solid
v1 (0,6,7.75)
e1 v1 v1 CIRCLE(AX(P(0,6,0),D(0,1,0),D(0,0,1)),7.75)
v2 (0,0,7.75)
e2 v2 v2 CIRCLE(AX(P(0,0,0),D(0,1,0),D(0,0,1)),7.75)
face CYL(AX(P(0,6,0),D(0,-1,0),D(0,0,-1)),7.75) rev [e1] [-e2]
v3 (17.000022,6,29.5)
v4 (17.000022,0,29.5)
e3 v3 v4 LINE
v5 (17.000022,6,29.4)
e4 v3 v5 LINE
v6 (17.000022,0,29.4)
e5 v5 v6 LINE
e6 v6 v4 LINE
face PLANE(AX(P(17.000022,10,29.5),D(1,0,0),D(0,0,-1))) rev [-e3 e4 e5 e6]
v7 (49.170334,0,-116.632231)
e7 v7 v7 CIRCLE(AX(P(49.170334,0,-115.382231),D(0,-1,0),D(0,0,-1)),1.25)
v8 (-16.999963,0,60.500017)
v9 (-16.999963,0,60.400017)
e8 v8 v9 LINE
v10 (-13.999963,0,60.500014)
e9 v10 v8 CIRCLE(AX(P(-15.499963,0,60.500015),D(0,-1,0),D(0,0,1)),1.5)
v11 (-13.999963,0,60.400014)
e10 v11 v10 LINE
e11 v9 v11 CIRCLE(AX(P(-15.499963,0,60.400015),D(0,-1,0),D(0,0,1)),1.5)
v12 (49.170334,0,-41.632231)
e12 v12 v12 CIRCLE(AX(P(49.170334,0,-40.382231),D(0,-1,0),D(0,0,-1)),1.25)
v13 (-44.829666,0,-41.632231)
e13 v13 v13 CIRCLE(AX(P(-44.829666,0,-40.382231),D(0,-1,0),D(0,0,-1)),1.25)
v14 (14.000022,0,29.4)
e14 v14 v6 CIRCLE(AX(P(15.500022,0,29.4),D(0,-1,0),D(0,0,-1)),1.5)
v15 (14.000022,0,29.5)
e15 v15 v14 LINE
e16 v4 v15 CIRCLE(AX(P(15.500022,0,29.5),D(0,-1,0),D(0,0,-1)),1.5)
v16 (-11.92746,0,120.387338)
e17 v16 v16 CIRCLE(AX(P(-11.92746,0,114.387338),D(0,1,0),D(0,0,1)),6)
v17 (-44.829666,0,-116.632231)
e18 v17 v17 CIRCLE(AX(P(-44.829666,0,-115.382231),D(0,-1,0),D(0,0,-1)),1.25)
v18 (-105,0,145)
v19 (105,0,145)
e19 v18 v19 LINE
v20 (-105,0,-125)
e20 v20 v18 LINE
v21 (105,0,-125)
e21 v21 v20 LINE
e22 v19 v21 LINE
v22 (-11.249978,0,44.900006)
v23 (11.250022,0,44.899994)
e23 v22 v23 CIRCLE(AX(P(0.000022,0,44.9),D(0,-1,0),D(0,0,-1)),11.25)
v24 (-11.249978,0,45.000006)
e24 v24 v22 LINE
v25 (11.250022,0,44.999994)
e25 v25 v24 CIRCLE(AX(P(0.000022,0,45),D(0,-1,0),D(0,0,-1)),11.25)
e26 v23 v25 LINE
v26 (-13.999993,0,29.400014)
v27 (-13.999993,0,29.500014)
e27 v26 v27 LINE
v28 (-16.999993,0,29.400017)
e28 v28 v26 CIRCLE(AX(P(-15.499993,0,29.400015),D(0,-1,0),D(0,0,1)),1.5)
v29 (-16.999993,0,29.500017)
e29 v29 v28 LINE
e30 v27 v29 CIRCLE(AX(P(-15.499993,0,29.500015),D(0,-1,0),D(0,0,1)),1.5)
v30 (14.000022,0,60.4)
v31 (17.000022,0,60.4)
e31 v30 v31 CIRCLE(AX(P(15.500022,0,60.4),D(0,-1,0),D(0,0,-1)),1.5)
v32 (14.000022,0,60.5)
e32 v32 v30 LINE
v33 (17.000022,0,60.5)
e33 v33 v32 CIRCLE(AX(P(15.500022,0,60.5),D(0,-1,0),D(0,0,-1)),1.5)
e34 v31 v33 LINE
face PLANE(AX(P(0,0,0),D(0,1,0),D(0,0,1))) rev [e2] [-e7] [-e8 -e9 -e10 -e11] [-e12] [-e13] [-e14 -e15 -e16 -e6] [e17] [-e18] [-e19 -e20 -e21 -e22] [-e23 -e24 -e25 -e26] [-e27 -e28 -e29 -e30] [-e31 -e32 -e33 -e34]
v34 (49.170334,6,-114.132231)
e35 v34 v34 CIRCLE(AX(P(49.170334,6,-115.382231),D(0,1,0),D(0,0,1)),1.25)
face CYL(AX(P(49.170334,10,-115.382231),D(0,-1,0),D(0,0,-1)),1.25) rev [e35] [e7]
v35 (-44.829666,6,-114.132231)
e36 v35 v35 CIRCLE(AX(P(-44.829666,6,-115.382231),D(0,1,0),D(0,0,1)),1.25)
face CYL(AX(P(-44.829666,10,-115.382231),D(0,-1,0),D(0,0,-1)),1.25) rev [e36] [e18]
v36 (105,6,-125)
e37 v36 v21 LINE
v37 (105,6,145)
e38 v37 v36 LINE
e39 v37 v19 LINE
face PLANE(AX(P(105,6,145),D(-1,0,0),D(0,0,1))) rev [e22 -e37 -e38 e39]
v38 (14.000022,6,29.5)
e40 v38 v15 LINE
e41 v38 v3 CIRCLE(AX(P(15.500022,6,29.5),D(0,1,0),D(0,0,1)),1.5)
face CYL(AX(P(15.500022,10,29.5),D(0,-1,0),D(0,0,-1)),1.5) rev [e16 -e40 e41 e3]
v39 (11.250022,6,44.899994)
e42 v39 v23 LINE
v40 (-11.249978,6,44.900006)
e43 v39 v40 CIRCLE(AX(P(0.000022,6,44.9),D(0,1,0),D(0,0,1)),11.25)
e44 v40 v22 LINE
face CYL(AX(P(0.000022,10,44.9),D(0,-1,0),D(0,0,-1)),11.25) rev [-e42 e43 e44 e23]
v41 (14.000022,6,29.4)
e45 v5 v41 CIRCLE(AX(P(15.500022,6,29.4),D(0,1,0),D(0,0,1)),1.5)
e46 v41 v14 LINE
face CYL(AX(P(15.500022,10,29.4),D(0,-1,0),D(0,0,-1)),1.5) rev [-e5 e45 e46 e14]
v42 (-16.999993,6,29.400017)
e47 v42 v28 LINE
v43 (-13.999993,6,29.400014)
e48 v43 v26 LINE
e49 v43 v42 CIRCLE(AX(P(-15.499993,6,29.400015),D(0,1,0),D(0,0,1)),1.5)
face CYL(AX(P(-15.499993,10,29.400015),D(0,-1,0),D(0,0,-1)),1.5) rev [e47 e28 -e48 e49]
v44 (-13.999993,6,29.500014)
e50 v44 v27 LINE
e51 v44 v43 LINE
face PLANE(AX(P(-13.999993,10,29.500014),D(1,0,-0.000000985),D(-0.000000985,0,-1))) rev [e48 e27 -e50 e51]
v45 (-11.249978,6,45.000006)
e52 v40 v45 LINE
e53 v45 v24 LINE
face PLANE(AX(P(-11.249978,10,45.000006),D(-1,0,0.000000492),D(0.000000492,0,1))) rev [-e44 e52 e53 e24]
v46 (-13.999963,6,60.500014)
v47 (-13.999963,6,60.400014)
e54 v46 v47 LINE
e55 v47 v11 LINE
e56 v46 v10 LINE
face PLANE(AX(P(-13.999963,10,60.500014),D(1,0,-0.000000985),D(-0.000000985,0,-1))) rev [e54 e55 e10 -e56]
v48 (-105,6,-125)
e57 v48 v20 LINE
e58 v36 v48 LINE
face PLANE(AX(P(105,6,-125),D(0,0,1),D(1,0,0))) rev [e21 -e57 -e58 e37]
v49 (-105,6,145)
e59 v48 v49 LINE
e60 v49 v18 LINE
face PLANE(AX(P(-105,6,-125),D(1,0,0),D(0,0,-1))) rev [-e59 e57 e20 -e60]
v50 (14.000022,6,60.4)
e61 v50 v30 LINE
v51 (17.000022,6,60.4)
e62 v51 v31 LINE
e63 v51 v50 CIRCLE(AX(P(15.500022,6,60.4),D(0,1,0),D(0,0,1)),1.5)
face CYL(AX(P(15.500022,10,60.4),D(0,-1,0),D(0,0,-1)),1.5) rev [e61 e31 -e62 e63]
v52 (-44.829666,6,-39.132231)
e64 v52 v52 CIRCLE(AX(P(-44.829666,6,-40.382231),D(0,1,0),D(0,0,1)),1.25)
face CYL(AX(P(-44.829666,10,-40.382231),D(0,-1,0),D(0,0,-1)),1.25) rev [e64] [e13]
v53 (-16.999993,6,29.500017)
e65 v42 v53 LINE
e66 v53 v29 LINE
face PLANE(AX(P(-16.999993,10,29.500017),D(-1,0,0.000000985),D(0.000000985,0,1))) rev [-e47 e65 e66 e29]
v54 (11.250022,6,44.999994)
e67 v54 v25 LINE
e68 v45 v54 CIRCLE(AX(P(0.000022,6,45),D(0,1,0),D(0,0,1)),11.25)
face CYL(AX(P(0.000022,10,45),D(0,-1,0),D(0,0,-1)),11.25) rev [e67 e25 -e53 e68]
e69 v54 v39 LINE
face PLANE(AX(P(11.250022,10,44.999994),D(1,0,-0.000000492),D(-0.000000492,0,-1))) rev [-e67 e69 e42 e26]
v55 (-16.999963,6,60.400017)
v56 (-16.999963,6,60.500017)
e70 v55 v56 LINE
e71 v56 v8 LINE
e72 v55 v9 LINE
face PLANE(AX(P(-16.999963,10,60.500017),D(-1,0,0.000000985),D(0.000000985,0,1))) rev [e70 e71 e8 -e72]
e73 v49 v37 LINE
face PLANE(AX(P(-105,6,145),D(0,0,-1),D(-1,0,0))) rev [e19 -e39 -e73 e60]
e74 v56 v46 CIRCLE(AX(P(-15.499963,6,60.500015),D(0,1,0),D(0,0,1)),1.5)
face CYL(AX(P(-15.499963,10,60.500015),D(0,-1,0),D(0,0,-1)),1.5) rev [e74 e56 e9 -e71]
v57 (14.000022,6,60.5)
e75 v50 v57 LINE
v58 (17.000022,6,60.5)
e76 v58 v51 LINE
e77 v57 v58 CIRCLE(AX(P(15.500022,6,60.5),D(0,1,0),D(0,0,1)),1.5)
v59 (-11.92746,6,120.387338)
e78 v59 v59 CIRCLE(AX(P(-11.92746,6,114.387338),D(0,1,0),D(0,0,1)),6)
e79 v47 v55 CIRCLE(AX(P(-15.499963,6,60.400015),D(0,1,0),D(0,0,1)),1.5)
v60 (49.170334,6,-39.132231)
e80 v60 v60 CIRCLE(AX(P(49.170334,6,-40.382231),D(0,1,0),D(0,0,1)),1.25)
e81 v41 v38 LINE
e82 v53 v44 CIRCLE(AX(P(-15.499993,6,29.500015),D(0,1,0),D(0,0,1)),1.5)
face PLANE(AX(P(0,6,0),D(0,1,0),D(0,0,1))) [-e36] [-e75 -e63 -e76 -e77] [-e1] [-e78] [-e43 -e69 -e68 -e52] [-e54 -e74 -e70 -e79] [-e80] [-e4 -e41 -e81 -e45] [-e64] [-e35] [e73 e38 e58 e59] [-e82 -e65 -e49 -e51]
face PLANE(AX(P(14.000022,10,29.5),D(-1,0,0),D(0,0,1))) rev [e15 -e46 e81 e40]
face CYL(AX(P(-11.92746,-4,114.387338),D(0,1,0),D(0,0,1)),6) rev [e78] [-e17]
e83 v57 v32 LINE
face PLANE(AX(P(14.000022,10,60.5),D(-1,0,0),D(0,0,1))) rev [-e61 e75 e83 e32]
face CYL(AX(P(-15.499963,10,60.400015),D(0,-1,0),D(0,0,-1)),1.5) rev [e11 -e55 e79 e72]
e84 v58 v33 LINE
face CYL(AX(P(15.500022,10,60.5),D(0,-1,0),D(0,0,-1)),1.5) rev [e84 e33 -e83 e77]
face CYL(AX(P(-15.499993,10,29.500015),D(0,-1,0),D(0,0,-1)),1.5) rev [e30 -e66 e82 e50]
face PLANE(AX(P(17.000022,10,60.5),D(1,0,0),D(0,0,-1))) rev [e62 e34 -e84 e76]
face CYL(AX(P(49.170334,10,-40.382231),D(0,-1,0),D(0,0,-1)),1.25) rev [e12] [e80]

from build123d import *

# Parameters (mm, degrees)
SKETCH1_W           = 210
SKETCH1_H           = 270
SKETCH1_R           = 7.75
BOSS_EXTRUDE2_DEPTH = 6
CUT_EXTRUDE1_DEPTH  = 10
SKETCH4_R           = 1.25
CUT_EXTRUDE2_DEPTH  = 10
SKETCH5_R           = 6
CUT_EXTRUDE3_DEPTH  = 10


with BuildPart() as part:
    # Sketch1 → Boss-Extrude2 (new body)
    with BuildSketch(Plane(origin=(0, 0, 0), x_dir=(1, 0, 0), z_dir=(0, 1, 0))):
        with Locations((0, -10)):
            Rectangle(SKETCH1_W, SKETCH1_H)
        with Locations(Location((0, 0, 0), (0, 0, 270))):
            Circle(SKETCH1_R, mode=Mode.SUBTRACT)
    extrude(amount=BOSS_EXTRUDE2_DEPTH)

    # Sketch3 → Cut-Extrude1 (cut)
    with BuildSketch(Plane.XZ):
        with BuildLine():
            Line((17.000022153, 29.5), (17.000022153, 29.4))
            ThreePointArc((17.000022153, 29.4), (15.500022153, 27.9), (14.000022153, 29.4))
            Line((14.000022153, 29.4), (14.000022153, 29.5))
            ThreePointArc((14.000022153, 29.5), (15.500022153, 31), (17.000022153, 29.5))
        make_face()
        with BuildLine():
            Line((17.000022153, 60.5), (17.000022153, 60.4))
            ThreePointArc((17.000022153, 60.4), (15.500022153, 58.9), (14.000022153, 60.4))
            Line((14.000022153, 60.4), (14.000022153, 60.5))
            ThreePointArc((14.000022153, 60.5), (15.500022153, 62), (17.000022153, 60.5))
        make_face()
        with BuildLine():
            Line((-16.999993108, 29.500016738), (-16.999993206, 29.400016738))
            ThreePointArc((-16.999993206, 29.400016738), (-15.499994683, 27.900015261), (-13.999993206, 29.400013784))
            Line((-13.999993206, 29.400013784), (-13.999993108, 29.500013784))
            ThreePointArc((-13.999993108, 29.500013784), (-15.499991631, 31.000015261), (-16.999993108, 29.500016738))
        make_face()
        with BuildLine():
            Line((-16.999962586, 60.500016738), (-16.999962684, 60.400016738))
            ThreePointArc((-16.999962684, 60.400016738), (-15.499964161, 58.900015261), (-13.999962684, 60.400013784))
            Line((-13.999962684, 60.400013784), (-13.999962586, 60.500013784))
            ThreePointArc((-13.999962586, 60.500013784), (-15.499961109, 62.000015261), (-16.999962586, 60.500016738))
        make_face()
        with BuildLine():
            Line((11.250022153, 44.999994462), (11.250022104, 44.899994462))
            ThreePointArc((11.250022104, 44.899994462), (1.6566e-05, 33.65), (-11.249977896, 44.900005538))
            Line((-11.249977896, 44.900005538), (-11.249977847, 45.000005538))
            ThreePointArc((-11.249977847, 45.000005538), (2.7692e-05, 56.25), (11.250022153, 44.999994462))
        make_face()
    extrude(amount=-CUT_EXTRUDE1_DEPTH, mode=Mode.SUBTRACT)

    # Sketch4 → Cut-Extrude2 (cut)
    with BuildSketch(Plane.XZ):
        with Locations(Location((49.170333674, -115.382230576, 0), (0, 0, 270))):
            Circle(SKETCH4_R)
        with Locations(Location((-44.829666326, -115.382230576, 0), (0, 0, 270))):
            Circle(SKETCH4_R)
        with Locations(Location((49.170333674, -40.382230576, 0), (0, 0, 270))):
            Circle(SKETCH4_R)
        with Locations(Location((-44.829666326, -40.382230576, 0), (0, 0, 270))):
            Circle(SKETCH4_R)
    extrude(amount=-CUT_EXTRUDE2_DEPTH, mode=Mode.SUBTRACT)

    # Sketch5 → Cut-Extrude3 (cut)
    with BuildSketch(Plane(origin=(0, 6, 0), x_dir=(1, 0, 0), z_dir=(0, 1, 0))):
        with Locations(Location((-11.927460167, -114.387337557, 0), (0, 0, 270))):
            Circle(SKETCH5_R)
    extrude(amount=-CUT_EXTRUDE3_DEPTH, mode=Mode.SUBTRACT)


solid = part.part
